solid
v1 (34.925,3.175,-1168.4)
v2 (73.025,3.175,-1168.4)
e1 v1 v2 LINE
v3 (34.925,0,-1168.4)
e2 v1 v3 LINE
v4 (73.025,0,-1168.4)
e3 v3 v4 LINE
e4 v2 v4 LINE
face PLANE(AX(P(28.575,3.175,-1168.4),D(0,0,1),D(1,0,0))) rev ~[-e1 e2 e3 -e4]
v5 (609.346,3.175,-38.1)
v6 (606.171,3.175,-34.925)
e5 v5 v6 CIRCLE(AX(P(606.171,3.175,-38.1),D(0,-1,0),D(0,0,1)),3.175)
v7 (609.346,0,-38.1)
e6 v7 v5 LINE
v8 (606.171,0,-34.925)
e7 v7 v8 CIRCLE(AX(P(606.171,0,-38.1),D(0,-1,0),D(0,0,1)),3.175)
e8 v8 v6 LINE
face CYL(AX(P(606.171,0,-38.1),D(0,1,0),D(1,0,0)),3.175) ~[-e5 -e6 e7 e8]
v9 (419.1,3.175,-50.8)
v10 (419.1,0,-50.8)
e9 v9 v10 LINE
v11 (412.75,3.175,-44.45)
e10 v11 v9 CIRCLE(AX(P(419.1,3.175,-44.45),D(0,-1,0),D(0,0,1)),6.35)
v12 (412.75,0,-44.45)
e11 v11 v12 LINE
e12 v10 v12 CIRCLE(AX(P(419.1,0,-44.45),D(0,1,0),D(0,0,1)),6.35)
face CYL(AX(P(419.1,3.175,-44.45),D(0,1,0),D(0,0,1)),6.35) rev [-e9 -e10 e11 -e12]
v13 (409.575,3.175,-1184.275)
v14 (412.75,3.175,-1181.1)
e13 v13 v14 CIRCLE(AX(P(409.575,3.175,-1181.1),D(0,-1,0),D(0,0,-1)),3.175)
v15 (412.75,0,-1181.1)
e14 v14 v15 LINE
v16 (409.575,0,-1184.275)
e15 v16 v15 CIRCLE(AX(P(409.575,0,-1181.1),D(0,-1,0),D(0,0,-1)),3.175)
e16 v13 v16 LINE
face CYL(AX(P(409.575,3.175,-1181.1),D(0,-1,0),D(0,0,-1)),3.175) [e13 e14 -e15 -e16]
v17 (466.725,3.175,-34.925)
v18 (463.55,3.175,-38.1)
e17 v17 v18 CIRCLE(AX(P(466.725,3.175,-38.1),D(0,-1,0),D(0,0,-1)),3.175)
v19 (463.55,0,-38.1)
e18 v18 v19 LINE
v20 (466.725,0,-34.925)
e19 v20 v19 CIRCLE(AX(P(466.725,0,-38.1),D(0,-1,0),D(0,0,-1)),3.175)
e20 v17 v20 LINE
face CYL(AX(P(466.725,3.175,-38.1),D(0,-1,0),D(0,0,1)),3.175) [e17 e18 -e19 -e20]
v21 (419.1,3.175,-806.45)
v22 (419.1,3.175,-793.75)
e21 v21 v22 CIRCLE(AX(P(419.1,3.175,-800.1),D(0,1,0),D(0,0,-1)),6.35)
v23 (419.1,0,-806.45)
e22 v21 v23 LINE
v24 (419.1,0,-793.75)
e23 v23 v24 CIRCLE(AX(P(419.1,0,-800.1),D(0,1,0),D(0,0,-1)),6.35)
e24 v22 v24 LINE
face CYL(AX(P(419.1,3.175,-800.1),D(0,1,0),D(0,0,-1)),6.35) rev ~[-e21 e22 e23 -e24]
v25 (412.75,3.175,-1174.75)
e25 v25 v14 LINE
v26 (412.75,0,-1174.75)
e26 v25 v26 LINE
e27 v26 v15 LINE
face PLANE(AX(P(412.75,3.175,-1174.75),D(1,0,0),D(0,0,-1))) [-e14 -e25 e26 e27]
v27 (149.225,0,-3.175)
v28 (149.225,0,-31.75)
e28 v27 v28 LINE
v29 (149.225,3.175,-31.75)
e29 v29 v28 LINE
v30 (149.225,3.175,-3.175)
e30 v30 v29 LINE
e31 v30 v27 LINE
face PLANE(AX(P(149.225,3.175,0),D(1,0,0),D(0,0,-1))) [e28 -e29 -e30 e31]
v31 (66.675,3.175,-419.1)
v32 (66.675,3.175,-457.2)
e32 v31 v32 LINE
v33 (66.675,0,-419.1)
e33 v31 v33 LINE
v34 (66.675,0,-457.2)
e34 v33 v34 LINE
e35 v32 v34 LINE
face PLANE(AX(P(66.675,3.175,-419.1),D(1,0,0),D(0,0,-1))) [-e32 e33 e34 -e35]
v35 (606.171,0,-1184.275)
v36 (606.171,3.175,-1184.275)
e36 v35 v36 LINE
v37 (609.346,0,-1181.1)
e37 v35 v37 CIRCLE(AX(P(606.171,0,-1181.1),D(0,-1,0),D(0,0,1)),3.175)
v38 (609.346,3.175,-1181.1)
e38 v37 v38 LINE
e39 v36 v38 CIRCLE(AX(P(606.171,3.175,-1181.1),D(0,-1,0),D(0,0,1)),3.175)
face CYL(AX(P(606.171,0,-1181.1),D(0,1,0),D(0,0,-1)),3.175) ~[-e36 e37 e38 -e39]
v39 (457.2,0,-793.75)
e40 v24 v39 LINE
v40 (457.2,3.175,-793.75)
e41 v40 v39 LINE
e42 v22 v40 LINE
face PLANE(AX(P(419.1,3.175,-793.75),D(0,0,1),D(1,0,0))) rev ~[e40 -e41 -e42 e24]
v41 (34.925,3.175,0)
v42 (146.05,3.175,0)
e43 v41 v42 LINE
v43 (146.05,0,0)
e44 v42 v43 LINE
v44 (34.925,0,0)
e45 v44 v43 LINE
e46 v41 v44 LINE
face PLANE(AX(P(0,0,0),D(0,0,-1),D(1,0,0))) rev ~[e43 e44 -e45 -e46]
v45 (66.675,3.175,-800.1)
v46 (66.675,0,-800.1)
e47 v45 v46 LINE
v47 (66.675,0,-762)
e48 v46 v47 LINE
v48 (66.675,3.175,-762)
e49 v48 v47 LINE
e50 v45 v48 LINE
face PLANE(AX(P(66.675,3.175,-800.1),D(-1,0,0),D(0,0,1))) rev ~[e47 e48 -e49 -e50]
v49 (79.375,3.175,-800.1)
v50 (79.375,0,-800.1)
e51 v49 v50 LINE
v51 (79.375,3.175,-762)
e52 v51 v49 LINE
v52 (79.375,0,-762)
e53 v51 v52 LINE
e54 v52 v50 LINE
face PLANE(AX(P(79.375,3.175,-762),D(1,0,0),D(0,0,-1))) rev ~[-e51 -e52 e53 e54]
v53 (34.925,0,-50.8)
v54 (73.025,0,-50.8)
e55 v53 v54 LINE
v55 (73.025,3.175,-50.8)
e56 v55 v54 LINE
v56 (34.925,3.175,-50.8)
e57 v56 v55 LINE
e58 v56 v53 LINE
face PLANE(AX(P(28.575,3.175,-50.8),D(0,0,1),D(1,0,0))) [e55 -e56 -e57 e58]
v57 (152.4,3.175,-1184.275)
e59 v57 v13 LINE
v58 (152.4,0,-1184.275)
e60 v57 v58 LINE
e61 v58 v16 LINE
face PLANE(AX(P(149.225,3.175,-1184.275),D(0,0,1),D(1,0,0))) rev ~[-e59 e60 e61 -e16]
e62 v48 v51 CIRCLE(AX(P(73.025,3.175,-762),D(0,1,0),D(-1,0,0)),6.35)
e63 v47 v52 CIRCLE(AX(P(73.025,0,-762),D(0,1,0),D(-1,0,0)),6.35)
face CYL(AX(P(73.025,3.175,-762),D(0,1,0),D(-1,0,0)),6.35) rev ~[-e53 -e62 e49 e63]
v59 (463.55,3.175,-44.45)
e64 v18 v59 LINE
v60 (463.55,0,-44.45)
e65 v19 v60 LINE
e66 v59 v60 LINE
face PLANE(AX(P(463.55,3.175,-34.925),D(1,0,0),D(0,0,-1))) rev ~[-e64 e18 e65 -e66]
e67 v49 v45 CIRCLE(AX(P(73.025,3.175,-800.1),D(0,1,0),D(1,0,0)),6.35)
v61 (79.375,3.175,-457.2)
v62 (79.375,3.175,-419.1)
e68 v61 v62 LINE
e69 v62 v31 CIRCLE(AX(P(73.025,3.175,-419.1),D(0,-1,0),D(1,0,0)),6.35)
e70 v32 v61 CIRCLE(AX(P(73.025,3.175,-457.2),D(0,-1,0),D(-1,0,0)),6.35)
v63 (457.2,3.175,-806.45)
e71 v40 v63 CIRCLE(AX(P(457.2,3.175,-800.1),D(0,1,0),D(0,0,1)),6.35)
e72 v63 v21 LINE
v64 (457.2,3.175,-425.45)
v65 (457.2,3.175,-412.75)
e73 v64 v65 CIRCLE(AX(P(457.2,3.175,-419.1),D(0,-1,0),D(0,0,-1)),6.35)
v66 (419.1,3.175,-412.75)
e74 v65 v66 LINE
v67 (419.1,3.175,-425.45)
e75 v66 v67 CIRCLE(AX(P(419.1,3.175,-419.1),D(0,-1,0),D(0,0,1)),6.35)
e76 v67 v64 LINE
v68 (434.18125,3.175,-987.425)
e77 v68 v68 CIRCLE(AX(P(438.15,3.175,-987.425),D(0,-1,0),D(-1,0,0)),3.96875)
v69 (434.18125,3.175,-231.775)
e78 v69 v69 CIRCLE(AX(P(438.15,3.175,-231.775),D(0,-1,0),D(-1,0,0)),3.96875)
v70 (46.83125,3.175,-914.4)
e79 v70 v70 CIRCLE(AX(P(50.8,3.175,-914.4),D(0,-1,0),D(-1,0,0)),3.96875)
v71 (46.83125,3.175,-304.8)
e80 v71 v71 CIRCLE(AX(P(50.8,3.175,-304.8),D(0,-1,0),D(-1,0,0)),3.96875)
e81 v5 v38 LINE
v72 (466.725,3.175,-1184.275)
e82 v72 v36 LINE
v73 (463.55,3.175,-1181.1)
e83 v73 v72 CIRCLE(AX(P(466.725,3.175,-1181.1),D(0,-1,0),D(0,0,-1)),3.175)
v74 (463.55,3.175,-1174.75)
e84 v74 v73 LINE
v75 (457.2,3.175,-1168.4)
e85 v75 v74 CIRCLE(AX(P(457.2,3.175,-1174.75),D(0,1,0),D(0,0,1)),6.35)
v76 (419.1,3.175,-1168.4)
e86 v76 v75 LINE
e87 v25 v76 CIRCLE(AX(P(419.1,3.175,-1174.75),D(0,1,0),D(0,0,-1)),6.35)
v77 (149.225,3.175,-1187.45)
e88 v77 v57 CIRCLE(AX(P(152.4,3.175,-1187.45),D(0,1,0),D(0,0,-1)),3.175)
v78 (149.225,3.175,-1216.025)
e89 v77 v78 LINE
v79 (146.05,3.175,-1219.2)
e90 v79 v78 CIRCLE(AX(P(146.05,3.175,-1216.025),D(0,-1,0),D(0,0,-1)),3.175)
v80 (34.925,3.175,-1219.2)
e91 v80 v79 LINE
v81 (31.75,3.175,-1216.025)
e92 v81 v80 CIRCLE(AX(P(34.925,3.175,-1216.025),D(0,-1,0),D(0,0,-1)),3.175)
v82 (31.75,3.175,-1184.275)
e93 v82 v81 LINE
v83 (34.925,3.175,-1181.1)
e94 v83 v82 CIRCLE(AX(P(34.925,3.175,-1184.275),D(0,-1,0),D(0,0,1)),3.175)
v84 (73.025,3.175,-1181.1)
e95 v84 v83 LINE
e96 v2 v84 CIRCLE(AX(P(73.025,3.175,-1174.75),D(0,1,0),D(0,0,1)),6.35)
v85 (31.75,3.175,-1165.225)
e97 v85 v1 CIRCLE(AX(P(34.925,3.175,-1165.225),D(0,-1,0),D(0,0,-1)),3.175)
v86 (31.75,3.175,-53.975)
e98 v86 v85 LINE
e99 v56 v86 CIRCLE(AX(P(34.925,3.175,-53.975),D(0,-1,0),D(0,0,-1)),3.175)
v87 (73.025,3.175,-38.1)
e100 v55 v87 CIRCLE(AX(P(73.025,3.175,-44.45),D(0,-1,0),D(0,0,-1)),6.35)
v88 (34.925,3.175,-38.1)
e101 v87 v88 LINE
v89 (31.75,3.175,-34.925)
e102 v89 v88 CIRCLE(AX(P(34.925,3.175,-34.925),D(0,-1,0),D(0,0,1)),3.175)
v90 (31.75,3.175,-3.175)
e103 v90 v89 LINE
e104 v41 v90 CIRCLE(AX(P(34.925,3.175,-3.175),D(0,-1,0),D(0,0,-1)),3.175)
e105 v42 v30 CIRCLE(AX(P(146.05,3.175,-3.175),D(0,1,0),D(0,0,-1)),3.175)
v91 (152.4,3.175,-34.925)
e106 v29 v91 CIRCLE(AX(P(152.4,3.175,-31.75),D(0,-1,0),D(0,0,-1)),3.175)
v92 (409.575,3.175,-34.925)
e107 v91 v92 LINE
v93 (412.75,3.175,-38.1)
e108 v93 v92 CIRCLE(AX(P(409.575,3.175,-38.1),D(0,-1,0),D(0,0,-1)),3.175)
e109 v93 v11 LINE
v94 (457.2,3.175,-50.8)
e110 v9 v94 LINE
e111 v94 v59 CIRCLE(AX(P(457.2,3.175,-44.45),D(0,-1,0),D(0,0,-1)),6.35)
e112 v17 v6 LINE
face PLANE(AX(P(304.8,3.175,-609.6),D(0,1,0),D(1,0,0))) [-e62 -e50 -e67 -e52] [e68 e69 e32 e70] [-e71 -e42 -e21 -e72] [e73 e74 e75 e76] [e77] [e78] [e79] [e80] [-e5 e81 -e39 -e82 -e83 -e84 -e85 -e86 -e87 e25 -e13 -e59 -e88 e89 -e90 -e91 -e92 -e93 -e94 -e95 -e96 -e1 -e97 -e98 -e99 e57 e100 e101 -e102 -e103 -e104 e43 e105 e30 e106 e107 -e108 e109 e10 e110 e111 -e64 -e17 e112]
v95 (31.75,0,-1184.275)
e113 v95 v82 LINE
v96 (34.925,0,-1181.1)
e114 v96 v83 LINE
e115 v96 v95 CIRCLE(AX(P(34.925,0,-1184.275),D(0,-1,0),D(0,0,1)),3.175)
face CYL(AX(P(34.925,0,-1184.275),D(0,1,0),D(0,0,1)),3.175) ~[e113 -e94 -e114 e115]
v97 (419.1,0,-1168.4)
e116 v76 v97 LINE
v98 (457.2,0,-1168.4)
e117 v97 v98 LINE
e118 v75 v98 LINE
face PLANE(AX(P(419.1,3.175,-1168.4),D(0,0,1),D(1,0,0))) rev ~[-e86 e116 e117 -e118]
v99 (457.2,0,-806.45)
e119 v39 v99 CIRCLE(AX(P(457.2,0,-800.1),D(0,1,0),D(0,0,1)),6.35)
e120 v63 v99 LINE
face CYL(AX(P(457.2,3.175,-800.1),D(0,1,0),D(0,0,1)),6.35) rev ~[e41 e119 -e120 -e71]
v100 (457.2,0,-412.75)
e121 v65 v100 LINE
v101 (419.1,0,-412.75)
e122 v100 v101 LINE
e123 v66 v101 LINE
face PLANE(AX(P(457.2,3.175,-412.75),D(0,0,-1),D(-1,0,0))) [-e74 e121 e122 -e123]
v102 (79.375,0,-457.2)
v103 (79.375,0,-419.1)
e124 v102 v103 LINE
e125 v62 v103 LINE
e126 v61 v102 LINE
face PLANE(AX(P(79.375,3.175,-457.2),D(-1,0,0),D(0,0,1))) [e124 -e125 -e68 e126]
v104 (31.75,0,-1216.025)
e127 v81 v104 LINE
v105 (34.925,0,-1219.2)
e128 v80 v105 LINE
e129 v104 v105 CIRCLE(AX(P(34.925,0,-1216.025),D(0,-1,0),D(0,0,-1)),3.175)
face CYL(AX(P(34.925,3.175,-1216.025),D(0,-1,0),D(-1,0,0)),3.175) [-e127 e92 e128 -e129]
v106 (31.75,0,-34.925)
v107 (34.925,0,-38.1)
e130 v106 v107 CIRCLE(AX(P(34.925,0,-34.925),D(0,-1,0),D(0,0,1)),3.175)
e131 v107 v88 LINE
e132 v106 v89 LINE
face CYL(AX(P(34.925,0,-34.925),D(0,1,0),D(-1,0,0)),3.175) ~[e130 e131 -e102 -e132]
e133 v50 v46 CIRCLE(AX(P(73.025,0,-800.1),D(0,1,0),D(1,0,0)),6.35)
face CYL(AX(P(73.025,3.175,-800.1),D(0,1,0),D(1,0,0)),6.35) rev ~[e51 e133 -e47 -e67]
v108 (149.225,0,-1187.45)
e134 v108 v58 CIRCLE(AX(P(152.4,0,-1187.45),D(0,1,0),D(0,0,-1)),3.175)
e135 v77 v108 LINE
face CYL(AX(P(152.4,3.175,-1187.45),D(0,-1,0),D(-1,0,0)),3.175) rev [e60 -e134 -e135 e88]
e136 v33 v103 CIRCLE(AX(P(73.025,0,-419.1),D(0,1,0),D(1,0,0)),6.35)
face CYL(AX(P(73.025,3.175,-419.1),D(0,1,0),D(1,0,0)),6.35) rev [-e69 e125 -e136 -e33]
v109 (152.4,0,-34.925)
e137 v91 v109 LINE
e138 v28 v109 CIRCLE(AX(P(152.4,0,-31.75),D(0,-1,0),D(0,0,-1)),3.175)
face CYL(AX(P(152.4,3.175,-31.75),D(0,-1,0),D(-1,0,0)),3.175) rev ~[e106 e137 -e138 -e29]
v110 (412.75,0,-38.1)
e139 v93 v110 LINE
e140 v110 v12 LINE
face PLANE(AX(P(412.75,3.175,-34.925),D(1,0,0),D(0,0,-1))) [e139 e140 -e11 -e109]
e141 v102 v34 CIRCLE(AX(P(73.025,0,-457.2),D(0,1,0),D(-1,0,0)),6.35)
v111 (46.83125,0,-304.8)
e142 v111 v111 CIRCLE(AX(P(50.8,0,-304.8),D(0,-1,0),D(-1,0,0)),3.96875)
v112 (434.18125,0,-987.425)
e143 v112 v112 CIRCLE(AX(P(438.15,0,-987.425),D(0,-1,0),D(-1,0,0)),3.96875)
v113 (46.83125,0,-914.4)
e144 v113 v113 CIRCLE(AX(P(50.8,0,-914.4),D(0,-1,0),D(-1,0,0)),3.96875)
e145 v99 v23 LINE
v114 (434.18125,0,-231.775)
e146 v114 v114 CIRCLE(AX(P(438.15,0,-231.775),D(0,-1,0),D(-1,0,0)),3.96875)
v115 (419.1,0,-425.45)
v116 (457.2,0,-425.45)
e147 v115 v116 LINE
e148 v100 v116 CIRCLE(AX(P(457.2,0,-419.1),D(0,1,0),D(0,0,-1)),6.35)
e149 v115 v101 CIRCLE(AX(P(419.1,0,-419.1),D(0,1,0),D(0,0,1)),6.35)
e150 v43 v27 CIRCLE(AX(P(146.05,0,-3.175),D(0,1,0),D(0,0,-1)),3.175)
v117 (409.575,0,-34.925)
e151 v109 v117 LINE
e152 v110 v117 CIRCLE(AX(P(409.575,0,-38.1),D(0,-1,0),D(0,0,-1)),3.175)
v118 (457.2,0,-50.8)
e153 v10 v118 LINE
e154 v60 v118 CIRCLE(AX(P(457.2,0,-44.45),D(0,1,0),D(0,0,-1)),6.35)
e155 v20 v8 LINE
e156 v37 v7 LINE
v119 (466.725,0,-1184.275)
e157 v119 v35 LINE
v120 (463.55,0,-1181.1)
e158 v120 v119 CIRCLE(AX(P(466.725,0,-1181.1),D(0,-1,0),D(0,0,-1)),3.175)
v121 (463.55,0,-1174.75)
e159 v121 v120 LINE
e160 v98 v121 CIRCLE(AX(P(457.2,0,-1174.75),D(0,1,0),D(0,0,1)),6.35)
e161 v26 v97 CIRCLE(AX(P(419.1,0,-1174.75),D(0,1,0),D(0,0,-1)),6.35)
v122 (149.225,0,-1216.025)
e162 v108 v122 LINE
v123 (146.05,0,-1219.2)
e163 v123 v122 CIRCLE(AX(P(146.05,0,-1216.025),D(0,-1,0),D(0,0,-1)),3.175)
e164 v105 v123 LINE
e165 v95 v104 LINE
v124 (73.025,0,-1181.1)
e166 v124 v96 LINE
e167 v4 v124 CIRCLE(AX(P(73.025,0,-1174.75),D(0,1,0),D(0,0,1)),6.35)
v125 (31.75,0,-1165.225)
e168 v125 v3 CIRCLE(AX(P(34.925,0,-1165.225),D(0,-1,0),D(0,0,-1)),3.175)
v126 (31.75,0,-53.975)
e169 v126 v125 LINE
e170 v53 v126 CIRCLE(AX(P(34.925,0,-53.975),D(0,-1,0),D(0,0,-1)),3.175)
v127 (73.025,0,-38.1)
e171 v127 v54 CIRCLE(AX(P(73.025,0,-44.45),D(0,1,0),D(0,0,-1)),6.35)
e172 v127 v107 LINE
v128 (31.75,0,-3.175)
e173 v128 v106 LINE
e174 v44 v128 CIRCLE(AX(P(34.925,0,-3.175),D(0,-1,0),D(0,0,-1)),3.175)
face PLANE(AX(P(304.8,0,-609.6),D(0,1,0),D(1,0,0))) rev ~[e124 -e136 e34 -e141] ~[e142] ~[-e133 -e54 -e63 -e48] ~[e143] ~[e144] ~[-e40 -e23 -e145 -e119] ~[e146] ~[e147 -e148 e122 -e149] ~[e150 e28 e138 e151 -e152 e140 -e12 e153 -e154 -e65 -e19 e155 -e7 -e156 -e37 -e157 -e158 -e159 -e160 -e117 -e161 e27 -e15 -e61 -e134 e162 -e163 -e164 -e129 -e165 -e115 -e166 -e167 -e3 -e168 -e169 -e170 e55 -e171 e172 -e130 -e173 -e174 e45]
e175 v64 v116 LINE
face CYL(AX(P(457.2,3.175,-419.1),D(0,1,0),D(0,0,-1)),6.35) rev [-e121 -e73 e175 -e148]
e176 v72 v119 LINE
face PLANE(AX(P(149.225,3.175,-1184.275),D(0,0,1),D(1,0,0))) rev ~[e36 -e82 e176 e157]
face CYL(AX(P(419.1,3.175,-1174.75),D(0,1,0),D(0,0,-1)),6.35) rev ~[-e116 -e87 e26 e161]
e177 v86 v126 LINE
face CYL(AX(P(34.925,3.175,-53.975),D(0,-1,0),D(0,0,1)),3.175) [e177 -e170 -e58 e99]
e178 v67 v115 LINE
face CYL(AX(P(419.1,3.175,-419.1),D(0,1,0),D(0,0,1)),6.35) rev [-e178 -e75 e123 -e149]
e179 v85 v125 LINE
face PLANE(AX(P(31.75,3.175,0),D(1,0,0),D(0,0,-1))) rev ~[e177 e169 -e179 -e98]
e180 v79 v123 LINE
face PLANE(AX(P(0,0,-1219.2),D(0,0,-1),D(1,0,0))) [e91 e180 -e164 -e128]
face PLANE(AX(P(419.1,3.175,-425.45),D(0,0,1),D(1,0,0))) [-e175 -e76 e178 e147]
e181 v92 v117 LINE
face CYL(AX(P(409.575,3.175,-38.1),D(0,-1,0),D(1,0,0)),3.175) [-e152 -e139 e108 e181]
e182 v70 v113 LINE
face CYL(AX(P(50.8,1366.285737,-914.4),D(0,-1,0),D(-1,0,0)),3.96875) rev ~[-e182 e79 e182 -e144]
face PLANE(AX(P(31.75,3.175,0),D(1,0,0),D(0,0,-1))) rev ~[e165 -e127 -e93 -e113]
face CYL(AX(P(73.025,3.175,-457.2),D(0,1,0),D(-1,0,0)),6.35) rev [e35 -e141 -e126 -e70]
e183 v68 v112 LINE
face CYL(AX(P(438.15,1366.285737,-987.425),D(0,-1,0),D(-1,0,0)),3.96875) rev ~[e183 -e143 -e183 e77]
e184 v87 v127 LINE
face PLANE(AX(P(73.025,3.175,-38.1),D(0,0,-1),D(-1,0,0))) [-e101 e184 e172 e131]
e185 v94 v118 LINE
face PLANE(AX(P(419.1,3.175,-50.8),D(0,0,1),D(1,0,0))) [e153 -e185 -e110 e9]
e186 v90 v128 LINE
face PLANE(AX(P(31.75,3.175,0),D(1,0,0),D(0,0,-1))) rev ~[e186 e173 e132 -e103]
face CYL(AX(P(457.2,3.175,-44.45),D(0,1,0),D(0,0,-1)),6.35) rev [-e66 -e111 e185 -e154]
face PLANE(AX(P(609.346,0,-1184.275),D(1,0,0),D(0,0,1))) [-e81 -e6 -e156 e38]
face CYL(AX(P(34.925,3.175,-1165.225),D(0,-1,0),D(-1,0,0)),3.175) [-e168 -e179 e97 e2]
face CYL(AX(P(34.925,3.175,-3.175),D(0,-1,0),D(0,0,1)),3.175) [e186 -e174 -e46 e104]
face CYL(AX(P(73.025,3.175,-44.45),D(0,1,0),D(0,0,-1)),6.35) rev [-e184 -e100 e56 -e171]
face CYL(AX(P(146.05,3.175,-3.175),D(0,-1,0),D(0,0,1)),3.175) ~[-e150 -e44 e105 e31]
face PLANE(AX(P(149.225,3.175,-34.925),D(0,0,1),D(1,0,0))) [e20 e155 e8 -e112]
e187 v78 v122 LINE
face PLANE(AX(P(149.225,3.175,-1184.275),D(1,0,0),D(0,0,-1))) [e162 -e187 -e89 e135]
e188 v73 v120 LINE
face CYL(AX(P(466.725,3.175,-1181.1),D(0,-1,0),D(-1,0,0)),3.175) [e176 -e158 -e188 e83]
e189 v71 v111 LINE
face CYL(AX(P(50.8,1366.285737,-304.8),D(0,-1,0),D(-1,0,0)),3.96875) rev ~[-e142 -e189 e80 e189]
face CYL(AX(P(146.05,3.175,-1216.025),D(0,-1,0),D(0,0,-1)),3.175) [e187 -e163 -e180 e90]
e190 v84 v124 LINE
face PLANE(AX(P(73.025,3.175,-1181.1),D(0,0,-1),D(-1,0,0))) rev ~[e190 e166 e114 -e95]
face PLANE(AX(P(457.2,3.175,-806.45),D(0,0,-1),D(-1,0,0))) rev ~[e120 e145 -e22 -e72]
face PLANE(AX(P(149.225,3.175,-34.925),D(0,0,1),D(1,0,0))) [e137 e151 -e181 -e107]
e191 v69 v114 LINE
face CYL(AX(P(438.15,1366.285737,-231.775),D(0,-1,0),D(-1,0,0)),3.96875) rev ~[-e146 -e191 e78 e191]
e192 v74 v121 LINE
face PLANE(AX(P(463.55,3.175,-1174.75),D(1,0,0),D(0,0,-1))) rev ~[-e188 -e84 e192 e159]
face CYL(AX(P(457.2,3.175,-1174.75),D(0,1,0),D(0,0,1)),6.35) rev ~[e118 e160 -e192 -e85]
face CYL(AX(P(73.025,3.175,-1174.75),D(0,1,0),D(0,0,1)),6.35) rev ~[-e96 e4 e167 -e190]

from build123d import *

# Parameters (mm, degrees)
SKETCH1_W                      = 609.6
SKETCH1_H                      = 1219.2
BOSS_EXTRUDE1_DEPTH            = 3.175
F_5_16_0_3125_DIAMETER_HOLE1_D = 7.9375
SKETCH5_W                      = 920.75
SKETCH5_H                      = 34.925
CUT_EXTRUDE2_DEPTH             = 1364.110736743
CUT_EXTRUDE1_DEPTH             = 1364.110736743
SKETCH6_W                      = 0.254
SKETCH6_H                      = 1149.35
CUT_EXTRUDE3_DEPTH             = 1364.110736743
CUT_EXTRUDE4_DEPTH             = 1363.997163732
SKETCH14_W                     = 50.8
SKETCH14_H                     = 9.525
CUT_EXTRUDE5_DEPTH             = 1363.997163732
FILLET1_R                      = 3.175


with BuildPart() as part:
    # Sketch1 → Boss-Extrude1 (new body)
    with BuildSketch(Plane(origin=(0, 0, 0), x_dir=(1, 0, 0), z_dir=(0, 1, 0))):
        with Locations((304.8, 609.6)):
            Rectangle(SKETCH1_W, SKETCH1_H)
    extrude(amount=BOSS_EXTRUDE1_DEPTH)

    # 5/16 (0.3125) Diameter Hole1 (through all)
    with Locations(Plane(origin=(0, 3.175, 0), x_dir=(1, 0, 0), z_dir=(0, 1, 0))):
        with Locations((50.8, 914.4), (50.8, 304.8), (438.15, 987.425), (438.15, 231.775)):
            Hole(F_5_16_0_3125_DIAMETER_HOLE1_D / 2)

    # Sketch5 → Cut-Extrude2 (cut, through all)
    with BuildSketch(Plane(origin=(0, 3.175, 0), x_dir=(1, 0, 0), z_dir=(0, 1, 0))):
        with Locations((609.6, 1201.7375)):
            Rectangle(SKETCH5_W, SKETCH5_H)
        with Locations((609.6, 17.4625)):
            Rectangle(SKETCH5_W, SKETCH5_H)
    extrude(amount=-CUT_EXTRUDE2_DEPTH, mode=Mode.SUBTRACT)

    # Sketch2 → Cut-Extrude1 (cut, through all)
    with BuildSketch(Plane(origin=(0, 3.175, 0), x_dir=(1, 0, 0), z_dir=(0, 1, 0))):
        Polygon((0, 0), (0, 1219.2), (31.75, 1219.2), (31.75, 812.8), (31.75, 406.4), (31.75, 0), align=None)
    extrude(amount=-CUT_EXTRUDE1_DEPTH, mode=Mode.SUBTRACT)

    # Sketch6 → Cut-Extrude3 (cut, through all)
    with BuildSketch(Plane.XZ):
        with Locations((609.473, -609.6)):
            Rectangle(SKETCH6_W, SKETCH6_H)
    extrude(amount=-CUT_EXTRUDE3_DEPTH, mode=Mode.SUBTRACT)

    # Sketch13 → Cut-Extrude4 (cut, through all)
    with BuildSketch(Plane(origin=(0, 3.175, 0), x_dir=(1, 0, 0), z_dir=(0, 1, 0))):
        with BuildLine():
            Line((66.675, 419.1), (66.675, 457.2))
            ThreePointArc((66.675, 457.2), (73.025, 463.55), (79.375, 457.2))
            Line((79.375, 457.2), (79.375, 419.1))
            ThreePointArc((79.375, 419.1), (73.025, 412.75), (66.675, 419.1))
        make_face()
        with BuildLine():
            Line((419.1, 425.45), (457.2, 425.45))
            ThreePointArc((457.2, 425.45), (463.55, 419.1), (457.2, 412.75))
            Line((457.2, 412.75), (419.1, 412.75))
            ThreePointArc((419.1, 412.75), (412.75, 419.1), (419.1, 425.45))
        make_face()
        with BuildLine():
            Line((28.575, 50.8), (73.025, 50.8))
            ThreePointArc((73.025, 50.8), (79.375, 44.45), (73.025, 38.1))
            Line((73.025, 38.1), (28.575, 38.1))
            ThreePointArc((28.575, 38.1), (22.225, 44.45), (28.575, 50.8))
        make_face()
        with BuildLine():
            Line((419.1, 50.8), (457.2, 50.8))
            ThreePointArc((457.2, 50.8), (463.55, 44.45), (457.2, 38.1))
            Line((457.2, 38.1), (419.1, 38.1))
            ThreePointArc((419.1, 38.1), (412.75, 44.45), (419.1, 50.8))
        make_face()
        with BuildLine():
            Line((66.675, 800.1), (66.675, 762))
            ThreePointArc((66.675, 762), (73.025, 755.65), (79.375, 762))
            Line((79.375, 762), (79.375, 800.1))
            ThreePointArc((79.375, 800.1), (73.025, 806.45), (66.675, 800.1))
        make_face()
        with BuildLine():
            Line((419.1, 793.75), (457.2, 793.75))
            ThreePointArc((457.2, 793.75), (463.55, 800.1), (457.2, 806.45))
            Line((457.2, 806.45), (419.1, 806.45))
            ThreePointArc((419.1, 806.45), (412.75, 800.1), (419.1, 793.75))
        make_face()
        with BuildLine():
            Line((28.575, 1168.4), (73.025, 1168.4))
            ThreePointArc((73.025, 1168.4), (79.375, 1174.75), (73.025, 1181.1))
            Line((73.025, 1181.1), (28.575, 1181.1))
            ThreePointArc((28.575, 1181.1), (22.225, 1174.75), (28.575, 1168.4))
        make_face()
        with BuildLine():
            Line((419.1, 1168.4), (457.2, 1168.4))
            ThreePointArc((457.2, 1168.4), (463.55, 1174.75), (457.2, 1181.1))
            Line((457.2, 1181.1), (419.1, 1181.1))
            ThreePointArc((419.1, 1181.1), (412.75, 1174.75), (419.1, 1168.4))
        make_face()
    extrude(amount=-CUT_EXTRUDE4_DEPTH, mode=Mode.SUBTRACT)

    # Sketch14 → Cut-Extrude5 (cut, through all)
    with BuildSketch(Plane(origin=(0, 3.175, 0), x_dir=(1, 0, 0), z_dir=(0, 1, 0))):
        with Locations((438.15, 39.6875)):
            Rectangle(SKETCH14_W, SKETCH14_H)
        with Locations((438.15, 1179.5125)):
            Rectangle(SKETCH14_W, SKETCH14_H)
    extrude(amount=-CUT_EXTRUDE5_DEPTH, mode=Mode.SUBTRACT)

    # Fillet1
    fillet1_edges = [part.edges().sort_by_distance(p)[0] for p in [
        (609.346, 1.5875, -1184.275),
        (609.346, 1.5875, -34.925),
        (31.75, 1.5875, -1168.4),
        (31.75, 1.5875, -1181.1),
        (31.75, 1.5875, -38.1),
        (31.75, 1.5875, -50.8),
        (463.55, 1.5875, -34.925),
        (412.75, 1.5875, -34.925),
        (463.55, 1.5875, -1184.275),
        (412.75, 1.5875, -1184.275),
        (149.225, 1.5875, -1219.2),
        (149.225, 1.5875, -1184.275),
        (149.225, 1.5875, -34.925),
        (149.225, 1.5875, 0),
        (31.75, 1.5875, -1219.2),
        (31.75, 1.5875, 0),
    ]]
    fillet(fillet1_edges, radius=FILLET1_R)


solid = part.part
